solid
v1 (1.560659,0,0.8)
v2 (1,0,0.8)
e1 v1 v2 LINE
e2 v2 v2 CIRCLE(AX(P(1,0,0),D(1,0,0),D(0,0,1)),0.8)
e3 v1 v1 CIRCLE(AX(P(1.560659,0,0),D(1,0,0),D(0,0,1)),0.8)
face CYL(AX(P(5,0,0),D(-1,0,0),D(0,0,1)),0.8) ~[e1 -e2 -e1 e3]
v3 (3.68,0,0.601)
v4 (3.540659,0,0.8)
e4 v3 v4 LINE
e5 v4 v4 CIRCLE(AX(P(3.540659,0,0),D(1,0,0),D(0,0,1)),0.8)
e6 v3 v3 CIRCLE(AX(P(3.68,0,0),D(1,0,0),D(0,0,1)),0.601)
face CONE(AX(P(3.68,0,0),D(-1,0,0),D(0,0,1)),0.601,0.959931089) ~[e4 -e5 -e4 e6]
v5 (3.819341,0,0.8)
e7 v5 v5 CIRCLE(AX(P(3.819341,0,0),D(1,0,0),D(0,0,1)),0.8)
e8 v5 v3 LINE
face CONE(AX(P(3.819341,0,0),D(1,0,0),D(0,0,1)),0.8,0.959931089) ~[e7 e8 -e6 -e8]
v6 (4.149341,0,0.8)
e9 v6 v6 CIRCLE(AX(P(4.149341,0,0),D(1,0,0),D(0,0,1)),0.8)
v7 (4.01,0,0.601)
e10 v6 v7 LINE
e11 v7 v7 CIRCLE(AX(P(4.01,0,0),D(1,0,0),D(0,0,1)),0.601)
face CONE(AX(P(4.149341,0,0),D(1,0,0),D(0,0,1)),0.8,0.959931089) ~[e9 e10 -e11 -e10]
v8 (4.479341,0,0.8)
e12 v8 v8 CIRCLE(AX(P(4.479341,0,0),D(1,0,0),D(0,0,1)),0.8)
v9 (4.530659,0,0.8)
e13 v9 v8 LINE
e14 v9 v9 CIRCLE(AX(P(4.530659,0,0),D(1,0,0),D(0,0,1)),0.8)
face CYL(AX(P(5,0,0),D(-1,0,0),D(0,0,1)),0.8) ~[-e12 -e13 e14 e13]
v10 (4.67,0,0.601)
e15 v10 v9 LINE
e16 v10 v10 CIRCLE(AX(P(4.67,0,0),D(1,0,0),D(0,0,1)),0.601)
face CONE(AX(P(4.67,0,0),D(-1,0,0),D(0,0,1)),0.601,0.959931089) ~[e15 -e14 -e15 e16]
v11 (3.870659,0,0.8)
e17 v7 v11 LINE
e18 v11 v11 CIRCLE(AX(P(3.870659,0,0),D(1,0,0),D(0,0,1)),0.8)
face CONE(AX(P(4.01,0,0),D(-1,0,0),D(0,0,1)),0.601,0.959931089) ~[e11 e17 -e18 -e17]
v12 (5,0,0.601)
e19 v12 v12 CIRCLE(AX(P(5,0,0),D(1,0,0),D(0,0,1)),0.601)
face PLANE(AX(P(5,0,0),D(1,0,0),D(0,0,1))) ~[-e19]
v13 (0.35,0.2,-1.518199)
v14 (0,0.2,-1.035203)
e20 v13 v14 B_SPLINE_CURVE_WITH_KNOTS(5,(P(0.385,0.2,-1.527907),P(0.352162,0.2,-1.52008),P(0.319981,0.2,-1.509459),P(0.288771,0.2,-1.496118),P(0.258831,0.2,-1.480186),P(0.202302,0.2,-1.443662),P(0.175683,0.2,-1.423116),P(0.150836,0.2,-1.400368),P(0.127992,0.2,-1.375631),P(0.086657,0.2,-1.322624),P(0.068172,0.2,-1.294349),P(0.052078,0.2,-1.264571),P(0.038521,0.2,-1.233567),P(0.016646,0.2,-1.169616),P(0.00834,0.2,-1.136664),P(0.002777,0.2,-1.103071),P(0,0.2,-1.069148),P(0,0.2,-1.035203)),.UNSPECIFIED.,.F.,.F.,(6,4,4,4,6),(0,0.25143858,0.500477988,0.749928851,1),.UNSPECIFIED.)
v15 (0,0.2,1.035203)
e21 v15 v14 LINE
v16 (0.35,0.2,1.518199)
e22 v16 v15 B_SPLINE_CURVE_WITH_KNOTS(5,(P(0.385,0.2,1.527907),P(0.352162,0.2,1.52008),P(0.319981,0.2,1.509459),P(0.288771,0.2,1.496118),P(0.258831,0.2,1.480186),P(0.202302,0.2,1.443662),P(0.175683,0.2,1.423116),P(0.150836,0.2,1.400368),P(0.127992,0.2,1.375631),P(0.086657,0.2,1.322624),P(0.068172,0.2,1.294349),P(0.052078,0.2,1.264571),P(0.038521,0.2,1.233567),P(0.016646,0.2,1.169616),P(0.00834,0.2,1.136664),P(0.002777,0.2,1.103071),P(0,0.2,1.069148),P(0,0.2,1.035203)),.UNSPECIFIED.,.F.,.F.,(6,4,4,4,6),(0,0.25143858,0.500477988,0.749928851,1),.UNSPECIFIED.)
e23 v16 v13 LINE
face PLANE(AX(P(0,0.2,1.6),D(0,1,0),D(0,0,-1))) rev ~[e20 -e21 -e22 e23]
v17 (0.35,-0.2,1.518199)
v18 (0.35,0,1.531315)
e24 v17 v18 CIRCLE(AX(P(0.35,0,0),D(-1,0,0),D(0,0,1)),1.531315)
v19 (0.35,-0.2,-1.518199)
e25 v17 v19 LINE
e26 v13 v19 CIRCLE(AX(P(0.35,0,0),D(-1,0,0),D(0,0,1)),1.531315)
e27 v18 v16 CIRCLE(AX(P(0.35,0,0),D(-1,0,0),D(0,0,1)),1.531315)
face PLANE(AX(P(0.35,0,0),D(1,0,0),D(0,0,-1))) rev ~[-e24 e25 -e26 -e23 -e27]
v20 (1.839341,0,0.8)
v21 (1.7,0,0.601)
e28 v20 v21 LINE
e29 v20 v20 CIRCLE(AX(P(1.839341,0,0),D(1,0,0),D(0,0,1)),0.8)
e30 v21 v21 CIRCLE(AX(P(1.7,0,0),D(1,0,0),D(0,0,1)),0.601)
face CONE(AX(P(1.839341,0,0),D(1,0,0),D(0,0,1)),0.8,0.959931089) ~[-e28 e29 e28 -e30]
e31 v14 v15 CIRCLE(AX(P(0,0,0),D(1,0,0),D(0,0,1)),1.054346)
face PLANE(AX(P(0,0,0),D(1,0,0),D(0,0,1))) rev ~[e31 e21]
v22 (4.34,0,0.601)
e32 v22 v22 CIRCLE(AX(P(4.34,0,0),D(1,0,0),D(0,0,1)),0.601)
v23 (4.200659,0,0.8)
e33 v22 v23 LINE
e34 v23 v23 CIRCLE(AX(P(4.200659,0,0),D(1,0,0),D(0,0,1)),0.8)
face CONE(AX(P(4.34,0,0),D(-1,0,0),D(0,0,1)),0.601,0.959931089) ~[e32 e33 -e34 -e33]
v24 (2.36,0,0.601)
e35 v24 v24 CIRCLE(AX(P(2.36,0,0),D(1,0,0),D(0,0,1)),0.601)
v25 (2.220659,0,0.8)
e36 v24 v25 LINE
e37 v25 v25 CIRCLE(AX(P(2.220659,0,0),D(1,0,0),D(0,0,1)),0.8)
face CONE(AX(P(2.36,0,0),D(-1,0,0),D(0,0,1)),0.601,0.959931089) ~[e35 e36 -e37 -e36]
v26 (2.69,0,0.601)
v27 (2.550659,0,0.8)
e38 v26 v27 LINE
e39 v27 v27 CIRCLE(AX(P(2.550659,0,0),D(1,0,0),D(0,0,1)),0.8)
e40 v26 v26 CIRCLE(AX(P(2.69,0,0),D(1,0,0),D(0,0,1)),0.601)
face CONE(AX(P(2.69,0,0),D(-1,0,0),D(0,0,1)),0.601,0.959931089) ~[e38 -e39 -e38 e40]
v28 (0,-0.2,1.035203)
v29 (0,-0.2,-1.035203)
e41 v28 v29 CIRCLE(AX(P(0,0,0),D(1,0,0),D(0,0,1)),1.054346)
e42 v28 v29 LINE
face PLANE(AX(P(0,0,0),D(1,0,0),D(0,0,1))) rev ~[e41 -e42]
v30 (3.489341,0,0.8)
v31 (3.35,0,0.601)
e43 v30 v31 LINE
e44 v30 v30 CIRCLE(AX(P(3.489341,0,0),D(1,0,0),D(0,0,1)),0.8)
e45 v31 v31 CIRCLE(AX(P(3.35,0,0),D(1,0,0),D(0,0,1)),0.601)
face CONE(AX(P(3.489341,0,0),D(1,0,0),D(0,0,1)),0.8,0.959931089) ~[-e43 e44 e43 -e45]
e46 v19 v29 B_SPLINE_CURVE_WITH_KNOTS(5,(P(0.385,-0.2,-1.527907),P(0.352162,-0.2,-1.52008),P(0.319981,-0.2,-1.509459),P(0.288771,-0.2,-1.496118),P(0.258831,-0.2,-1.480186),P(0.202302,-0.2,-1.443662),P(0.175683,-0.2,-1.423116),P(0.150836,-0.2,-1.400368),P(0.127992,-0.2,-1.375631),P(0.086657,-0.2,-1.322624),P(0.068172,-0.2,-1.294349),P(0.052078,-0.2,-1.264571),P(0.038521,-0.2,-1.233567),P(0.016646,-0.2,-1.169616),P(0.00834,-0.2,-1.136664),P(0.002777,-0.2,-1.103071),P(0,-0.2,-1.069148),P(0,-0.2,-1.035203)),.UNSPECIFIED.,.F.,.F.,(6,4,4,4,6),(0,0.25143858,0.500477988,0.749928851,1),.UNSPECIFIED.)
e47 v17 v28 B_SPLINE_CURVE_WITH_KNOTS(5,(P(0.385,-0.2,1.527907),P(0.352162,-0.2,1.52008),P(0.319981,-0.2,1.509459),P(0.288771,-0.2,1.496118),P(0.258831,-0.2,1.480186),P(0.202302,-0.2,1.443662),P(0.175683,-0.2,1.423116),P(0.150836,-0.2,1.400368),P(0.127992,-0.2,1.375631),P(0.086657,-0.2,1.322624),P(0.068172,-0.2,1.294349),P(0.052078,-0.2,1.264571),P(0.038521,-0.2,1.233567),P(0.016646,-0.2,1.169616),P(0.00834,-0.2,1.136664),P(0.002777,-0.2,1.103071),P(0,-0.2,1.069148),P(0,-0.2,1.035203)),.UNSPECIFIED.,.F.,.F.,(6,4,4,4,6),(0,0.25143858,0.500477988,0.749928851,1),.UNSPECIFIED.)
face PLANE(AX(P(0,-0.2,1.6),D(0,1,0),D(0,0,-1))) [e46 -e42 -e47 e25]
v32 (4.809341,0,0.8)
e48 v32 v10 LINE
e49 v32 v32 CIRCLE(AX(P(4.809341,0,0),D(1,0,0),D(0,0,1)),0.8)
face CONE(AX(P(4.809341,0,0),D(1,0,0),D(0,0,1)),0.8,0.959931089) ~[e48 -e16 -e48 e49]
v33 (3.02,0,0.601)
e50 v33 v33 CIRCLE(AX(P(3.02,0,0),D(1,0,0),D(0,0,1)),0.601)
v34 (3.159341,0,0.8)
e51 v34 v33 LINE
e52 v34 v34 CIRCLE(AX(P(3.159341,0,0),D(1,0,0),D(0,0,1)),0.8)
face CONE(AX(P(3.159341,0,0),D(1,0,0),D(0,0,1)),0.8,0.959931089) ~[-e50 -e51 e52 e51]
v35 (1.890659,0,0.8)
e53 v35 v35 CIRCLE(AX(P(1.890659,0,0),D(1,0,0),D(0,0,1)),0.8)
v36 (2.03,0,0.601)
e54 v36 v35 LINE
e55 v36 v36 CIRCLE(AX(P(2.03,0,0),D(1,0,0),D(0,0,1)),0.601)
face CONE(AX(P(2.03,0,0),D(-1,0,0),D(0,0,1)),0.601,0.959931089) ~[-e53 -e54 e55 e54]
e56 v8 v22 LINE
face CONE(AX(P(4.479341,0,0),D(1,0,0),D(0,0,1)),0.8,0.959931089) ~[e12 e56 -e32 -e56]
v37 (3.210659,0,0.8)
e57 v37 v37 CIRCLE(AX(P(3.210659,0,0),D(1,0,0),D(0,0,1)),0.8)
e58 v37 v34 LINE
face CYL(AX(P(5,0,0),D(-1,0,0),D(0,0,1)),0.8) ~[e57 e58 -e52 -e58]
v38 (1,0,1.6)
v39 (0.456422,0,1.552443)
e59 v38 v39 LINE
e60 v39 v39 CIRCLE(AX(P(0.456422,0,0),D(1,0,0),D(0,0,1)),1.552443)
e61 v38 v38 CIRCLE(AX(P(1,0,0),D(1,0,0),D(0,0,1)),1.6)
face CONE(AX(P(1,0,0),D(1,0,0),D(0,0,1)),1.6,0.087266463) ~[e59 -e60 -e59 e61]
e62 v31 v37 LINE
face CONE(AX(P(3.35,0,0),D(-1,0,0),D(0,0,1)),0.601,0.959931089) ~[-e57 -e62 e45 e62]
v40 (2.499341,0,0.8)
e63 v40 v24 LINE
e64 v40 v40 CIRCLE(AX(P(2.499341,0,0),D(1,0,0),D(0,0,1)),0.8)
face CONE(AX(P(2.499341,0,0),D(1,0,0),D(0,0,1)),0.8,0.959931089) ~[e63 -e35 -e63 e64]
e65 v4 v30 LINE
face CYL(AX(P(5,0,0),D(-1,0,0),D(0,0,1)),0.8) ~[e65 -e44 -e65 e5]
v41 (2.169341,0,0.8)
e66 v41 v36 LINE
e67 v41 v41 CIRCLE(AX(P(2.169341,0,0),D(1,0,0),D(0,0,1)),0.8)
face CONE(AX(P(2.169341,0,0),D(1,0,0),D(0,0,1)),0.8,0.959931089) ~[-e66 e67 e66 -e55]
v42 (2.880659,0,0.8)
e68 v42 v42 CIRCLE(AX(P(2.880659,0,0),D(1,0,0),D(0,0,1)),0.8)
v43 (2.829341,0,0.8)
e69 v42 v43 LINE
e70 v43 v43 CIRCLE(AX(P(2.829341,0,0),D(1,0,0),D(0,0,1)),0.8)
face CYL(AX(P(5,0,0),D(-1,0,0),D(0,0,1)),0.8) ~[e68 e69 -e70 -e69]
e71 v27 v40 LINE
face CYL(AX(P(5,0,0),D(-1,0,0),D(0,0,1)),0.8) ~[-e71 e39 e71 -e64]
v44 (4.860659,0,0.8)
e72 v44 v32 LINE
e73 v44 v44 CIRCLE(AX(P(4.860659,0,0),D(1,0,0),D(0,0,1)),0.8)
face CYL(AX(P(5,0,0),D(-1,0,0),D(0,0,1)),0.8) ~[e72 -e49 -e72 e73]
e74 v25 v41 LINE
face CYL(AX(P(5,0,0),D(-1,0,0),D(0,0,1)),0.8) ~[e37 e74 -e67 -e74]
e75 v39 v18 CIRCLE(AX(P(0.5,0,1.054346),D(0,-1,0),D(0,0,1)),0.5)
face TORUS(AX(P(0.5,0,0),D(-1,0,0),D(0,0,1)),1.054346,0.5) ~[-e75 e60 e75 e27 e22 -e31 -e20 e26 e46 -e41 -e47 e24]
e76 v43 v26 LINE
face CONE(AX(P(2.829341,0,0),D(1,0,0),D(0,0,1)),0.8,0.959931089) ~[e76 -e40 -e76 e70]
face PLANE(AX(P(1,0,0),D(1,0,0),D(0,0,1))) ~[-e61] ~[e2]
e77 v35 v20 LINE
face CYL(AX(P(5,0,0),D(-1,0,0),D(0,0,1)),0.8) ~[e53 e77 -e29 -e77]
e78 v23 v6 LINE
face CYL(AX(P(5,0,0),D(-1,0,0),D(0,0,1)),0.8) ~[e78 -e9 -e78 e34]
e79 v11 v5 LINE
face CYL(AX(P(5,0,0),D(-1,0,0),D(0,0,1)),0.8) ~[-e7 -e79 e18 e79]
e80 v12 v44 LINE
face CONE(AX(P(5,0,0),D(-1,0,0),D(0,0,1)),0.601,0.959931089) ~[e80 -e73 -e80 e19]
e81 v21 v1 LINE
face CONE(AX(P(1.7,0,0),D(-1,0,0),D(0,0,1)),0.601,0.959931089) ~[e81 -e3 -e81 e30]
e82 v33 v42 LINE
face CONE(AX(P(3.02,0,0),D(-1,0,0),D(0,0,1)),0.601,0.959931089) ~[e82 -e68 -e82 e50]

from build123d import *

# Parameters (mm, degrees)
FILLET2_R       = 0.5
SKETCH2_W       = 3.2
SKETCH2_H       = 0.4
SLOT_DEPTH      = 0.35
THDSCHPAT_COUNT = 11
THDSCHPAT_PITCH = 0.33


with BuildPart() as part:
    # BodySke → Base-Revolve (revolve)
    with BuildSketch(Plane.XY, mode=Mode.PRIVATE) as base_revolve_sk:
        Polygon((1, 0.8), (1, 1.6), (0, 1.512511336), (0, 0), (5, 0), (5, 0.8), align=None)
    revolve(base_revolve_sk.sketch.rotate(Axis((-25.4, 0, 0), (1, 0, 0)), 90), axis=Axis((-25.4, 0, 0), (1, 0, 0)))

    # Fillet2
    fillet2_edges = [part.edges().sort_by_distance(p)[0] for p in [
        (0, 0, -1.512511336),
    ]]
    fillet(fillet2_edges, radius=FILLET2_R)

    # Sketch2 → Slot (cut)
    with BuildSketch(Plane(origin=(0, 0, 0), x_dir=(0, 0, -1), z_dir=(1, 0, 0))):
        Rectangle(SKETCH2_W, SKETCH2_H)
    extrude(amount=SLOT_DEPTH, mode=Mode.SUBTRACT)

    # ThdSchSke → ThreadSchematic (revolve, cut)
    with BuildSketch(Plane.XY, mode=Mode.PRIVATE) as threadschematic_sk:
        Polygon((1.7, -0.601), (1.5606587, -0.8), (1.5606587, -1), (1.8393413, -1), (1.8393413, -0.8), align=None)
    threadschematic = revolve(threadschematic_sk.sketch.rotate(Axis((-3.175, 0, 0), (1, 0, 0)), 270), axis=Axis((-3.175, 0, 0), (1, 0, 0)), mode=Mode.SUBTRACT)

    # ThdSchPat: ThreadSchematic ×11
    with Locations(*[(i * THDSCHPAT_PITCH, 0, 0) for i in range(1, THDSCHPAT_COUNT)]):
        add(threadschematic, mode=Mode.SUBTRACT)


solid = part.part
